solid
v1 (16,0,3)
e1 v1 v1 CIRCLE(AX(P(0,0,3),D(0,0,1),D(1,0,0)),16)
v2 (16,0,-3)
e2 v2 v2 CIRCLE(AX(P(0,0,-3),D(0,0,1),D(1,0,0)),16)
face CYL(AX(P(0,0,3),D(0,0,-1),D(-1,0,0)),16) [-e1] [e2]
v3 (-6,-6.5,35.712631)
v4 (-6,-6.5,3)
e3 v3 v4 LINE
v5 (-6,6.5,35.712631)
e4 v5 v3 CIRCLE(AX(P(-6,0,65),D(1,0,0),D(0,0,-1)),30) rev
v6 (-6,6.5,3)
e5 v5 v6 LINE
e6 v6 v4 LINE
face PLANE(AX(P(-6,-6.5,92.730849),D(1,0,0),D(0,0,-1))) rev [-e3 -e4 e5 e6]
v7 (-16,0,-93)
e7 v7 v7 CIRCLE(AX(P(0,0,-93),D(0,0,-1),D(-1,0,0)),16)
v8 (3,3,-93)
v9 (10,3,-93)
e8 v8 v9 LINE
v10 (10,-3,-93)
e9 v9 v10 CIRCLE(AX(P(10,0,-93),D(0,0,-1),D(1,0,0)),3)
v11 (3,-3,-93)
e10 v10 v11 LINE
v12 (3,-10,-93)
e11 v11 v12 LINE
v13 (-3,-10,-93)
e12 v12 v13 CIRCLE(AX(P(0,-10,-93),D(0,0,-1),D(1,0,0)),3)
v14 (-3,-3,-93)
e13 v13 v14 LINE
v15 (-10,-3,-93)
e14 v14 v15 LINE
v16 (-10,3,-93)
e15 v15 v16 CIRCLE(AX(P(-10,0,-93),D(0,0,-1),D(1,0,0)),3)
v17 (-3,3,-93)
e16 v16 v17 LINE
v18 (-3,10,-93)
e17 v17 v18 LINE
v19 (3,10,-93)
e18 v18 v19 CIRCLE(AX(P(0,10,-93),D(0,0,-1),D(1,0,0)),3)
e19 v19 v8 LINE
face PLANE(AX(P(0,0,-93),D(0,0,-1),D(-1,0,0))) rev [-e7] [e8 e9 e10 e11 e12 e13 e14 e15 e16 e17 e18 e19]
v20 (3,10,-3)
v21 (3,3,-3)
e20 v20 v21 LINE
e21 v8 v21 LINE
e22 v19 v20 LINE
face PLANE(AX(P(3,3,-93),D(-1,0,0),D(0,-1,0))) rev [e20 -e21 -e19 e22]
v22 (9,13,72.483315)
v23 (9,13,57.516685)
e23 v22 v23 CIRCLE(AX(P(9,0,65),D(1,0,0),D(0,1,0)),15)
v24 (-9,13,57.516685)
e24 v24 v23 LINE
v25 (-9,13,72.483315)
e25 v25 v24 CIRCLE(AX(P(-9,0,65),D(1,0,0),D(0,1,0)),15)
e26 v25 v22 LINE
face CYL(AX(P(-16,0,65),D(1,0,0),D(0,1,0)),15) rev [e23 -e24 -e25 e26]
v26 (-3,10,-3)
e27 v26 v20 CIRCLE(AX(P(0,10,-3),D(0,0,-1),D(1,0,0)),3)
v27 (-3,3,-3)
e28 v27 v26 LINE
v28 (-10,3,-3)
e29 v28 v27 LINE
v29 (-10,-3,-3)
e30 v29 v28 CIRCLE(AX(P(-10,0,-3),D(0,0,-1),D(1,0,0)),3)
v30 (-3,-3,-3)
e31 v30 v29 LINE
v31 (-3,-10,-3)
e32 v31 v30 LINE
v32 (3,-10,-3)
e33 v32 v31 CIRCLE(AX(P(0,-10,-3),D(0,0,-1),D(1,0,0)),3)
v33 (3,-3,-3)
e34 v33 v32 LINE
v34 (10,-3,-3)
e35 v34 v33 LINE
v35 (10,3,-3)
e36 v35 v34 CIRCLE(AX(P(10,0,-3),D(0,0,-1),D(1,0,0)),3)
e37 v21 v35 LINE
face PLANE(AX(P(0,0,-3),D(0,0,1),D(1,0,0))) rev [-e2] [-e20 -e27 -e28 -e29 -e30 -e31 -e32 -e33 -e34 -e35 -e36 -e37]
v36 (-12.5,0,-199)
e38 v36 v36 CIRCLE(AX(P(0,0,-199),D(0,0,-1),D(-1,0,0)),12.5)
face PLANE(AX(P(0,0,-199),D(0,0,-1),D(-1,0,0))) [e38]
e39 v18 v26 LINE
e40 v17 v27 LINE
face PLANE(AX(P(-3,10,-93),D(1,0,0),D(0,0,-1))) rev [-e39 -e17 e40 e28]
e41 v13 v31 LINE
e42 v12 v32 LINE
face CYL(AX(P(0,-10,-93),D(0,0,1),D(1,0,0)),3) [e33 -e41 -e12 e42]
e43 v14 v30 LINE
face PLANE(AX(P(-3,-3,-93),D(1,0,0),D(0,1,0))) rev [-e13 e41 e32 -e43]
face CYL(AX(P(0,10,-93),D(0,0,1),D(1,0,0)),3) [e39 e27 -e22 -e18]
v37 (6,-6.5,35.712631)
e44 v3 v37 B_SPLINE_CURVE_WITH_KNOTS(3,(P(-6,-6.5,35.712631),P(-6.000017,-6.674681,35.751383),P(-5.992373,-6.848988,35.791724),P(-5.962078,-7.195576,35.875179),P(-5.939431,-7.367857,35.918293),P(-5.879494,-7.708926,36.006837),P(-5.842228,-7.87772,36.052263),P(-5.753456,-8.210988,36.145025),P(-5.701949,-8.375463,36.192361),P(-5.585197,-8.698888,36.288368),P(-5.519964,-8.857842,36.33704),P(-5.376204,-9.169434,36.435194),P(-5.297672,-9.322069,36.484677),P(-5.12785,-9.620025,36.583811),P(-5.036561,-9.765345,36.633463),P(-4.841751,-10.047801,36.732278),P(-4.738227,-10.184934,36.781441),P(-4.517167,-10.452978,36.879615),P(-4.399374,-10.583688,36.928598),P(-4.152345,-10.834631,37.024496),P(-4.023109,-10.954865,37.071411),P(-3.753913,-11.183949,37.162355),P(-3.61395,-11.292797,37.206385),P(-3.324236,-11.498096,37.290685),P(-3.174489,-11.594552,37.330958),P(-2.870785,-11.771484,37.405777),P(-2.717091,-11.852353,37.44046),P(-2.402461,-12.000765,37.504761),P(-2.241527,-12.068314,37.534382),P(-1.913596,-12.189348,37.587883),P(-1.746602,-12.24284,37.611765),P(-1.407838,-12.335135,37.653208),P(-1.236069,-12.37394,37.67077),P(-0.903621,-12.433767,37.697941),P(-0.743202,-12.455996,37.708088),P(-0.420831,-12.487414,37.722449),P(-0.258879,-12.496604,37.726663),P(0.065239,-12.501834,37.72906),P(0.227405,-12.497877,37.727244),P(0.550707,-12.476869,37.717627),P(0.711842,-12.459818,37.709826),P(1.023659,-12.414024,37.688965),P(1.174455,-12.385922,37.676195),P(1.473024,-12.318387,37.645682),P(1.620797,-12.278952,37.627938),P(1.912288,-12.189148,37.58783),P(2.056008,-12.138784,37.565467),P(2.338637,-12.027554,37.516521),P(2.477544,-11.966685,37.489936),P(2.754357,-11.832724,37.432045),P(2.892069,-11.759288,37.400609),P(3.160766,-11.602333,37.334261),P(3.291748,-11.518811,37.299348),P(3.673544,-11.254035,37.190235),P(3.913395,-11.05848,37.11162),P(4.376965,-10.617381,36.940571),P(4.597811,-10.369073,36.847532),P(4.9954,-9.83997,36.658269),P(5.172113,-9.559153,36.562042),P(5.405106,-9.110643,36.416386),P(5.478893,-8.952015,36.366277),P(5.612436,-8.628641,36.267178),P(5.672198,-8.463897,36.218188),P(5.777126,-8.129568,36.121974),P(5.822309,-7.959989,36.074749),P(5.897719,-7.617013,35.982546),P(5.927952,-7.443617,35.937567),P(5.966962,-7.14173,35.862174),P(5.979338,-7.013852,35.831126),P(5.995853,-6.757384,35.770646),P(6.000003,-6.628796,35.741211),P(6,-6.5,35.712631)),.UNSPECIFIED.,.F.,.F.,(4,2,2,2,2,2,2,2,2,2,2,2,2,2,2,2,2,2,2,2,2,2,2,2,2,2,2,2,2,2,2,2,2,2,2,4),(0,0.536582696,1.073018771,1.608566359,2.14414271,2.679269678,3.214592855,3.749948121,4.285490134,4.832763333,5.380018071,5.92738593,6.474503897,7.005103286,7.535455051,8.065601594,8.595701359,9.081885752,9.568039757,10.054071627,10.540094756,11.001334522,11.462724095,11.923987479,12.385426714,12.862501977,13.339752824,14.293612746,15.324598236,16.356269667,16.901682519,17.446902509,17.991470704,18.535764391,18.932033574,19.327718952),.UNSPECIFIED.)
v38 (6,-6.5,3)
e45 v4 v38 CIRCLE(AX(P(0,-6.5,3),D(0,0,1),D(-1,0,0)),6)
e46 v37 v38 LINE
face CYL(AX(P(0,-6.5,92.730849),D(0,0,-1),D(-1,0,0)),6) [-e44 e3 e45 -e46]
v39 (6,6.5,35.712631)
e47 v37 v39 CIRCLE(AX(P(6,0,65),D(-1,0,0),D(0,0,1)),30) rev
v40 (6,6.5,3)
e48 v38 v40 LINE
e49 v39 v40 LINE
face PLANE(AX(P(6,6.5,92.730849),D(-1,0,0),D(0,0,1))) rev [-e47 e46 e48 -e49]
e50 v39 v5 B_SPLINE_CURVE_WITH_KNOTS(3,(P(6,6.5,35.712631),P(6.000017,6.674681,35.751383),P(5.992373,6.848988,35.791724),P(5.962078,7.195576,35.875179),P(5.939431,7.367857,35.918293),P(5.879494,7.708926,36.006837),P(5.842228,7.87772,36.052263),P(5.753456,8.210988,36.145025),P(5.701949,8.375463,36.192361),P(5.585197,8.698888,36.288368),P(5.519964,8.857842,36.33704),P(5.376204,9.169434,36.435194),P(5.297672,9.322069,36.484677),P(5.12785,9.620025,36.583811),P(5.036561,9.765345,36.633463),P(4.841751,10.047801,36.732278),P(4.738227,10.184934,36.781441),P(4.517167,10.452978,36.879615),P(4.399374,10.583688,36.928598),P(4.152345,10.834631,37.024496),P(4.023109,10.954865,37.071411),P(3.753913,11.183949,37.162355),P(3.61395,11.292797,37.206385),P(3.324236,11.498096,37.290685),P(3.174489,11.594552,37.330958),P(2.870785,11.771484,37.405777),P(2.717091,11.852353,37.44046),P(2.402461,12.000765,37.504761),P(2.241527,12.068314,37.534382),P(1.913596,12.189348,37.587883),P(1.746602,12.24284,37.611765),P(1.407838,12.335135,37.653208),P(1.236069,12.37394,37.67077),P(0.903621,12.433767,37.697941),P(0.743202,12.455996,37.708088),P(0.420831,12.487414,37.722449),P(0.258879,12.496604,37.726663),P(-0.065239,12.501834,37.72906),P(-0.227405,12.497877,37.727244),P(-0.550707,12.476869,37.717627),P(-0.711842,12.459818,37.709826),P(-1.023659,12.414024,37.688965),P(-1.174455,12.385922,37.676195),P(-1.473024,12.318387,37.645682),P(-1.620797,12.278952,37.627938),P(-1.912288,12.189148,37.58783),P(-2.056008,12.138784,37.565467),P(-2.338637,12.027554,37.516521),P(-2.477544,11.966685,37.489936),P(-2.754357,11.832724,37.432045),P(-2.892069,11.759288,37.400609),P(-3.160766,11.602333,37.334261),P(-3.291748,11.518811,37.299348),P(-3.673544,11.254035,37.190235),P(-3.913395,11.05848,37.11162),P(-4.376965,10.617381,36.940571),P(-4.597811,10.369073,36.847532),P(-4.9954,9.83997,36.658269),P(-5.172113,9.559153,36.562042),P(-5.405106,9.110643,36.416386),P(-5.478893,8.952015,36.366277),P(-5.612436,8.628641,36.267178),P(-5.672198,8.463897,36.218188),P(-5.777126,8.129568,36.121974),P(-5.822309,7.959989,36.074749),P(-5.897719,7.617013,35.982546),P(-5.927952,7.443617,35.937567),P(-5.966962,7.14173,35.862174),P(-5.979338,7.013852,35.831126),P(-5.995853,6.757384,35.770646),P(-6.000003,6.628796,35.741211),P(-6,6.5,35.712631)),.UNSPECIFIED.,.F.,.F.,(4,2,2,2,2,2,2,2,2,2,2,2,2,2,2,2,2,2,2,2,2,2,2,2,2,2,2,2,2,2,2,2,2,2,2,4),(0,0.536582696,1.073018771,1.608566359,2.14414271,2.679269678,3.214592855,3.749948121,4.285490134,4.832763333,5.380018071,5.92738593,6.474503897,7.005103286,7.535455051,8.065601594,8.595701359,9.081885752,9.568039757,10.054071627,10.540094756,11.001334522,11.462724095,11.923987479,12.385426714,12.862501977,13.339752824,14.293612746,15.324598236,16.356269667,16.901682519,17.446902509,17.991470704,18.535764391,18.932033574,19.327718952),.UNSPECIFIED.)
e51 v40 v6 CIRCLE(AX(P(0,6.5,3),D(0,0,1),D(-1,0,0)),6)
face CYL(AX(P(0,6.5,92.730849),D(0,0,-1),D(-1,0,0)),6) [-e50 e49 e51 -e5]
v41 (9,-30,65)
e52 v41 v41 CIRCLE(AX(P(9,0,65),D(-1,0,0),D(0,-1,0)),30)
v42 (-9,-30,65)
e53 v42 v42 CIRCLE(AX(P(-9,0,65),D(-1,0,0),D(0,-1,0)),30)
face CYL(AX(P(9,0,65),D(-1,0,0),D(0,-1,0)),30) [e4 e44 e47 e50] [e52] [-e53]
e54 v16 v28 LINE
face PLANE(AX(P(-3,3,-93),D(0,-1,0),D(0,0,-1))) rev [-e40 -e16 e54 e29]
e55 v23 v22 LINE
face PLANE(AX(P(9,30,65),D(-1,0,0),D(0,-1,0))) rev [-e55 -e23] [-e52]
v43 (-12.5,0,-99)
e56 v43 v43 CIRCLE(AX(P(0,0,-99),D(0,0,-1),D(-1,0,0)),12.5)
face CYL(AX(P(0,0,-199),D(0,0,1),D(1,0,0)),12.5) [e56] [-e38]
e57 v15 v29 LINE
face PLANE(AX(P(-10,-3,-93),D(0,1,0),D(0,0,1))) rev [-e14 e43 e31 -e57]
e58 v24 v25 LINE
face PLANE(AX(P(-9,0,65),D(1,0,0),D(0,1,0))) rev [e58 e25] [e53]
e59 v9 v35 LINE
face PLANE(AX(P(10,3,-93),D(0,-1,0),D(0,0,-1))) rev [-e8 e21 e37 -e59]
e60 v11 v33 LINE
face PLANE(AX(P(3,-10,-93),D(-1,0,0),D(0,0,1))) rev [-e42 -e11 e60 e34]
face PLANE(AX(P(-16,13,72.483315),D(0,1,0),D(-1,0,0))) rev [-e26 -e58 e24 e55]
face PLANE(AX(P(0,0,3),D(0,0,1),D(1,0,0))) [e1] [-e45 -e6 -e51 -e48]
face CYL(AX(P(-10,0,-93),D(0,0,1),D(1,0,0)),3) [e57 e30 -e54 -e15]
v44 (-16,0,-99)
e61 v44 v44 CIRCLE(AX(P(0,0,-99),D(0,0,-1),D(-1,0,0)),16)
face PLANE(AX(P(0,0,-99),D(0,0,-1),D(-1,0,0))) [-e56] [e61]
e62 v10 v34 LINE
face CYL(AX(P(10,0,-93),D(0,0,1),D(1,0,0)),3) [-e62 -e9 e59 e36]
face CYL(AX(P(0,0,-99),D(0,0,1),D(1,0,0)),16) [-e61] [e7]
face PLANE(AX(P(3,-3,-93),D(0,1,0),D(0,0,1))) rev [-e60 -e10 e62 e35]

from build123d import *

# Parameters (mm, degrees)
SKETCH1_R           = 16
BASE_EXTRUDE_DEPTH  = 3
EXTRUDE3_DEPTH      = 62
BOSS_EXTRUDE1_DEPTH = 90
SKETCH6_R           = 16
BOSS_EXTRUDE2_DEPTH = 6
SKETCH9_W           = 18
SKETCH9_H           = 30
CUT_EXTRUDE1_DEPTH  = 107.423681603
SKETCH7_R           = 12.5
EXTRUDE4_DEPTH      = 100


with BuildPart() as part:
    # Sketch1 → Base-Extrude (new, symmetric)
    with BuildSketch(Plane.XY):
        Circle(SKETCH1_R)
    extrude(amount=BASE_EXTRUDE_DEPTH, both=True)

    # Sketch2 → Extrude3 (add)
    with BuildSketch(Plane.XY.offset(3)):
        with BuildLine():
            Line((-6, -6.5), (-6, 6.5))
            ThreePointArc((-6, 6.5), (0, 12.5), (6, 6.5))
            Line((6, 6.5), (6, -6.5))
            ThreePointArc((6, -6.5), (0, -12.5), (-6, -6.5))
        make_face()
    extrude(amount=EXTRUDE3_DEPTH)

    # Sketch5 → Boss-Extrude1 (add)
    with BuildSketch(Plane(origin=(0, 0, -3), x_dir=(-1, 0, 0), z_dir=(0, 0, -1))):
        with BuildLine():
            Line((-3, 3), (-3, 10))
            ThreePointArc((-3, 10), (0, 13), (3, 10))
            Line((3, 10), (3, 3))
            Line((3, 3), (10, 3))
            ThreePointArc((10, 3), (13, 0), (10, -3))
            Line((10, -3), (3, -3))
            Line((3, -3), (3, -10))
            ThreePointArc((3, -10), (0, -13), (-3, -10))
            Line((-3, -10), (-3, -3))
            Line((-3, -3), (-10, -3))
            ThreePointArc((-10, -3), (-13, 0), (-10, 3))
            Line((-10, 3), (-3, 3))
        make_face()
    extrude(amount=BOSS_EXTRUDE1_DEPTH)

    # Sketch6 → Boss-Extrude2 (add)
    with BuildSketch(Plane(origin=(0, 0, -93), x_dir=(-1, 0, 0), z_dir=(0, 0, -1))):
        with Locations(Location((0, 0, 0), (0, 0, 180))):
            Circle(SKETCH6_R)
    extrude(amount=BOSS_EXTRUDE2_DEPTH)

    # Sketch9 → Boss-Revolve1 (revolve)
    with BuildSketch(Plane.XY.offset(65), mode=Mode.PRIVATE) as boss_revolve1_sk:
        with Locations((0, 15)):
            Rectangle(SKETCH9_W, SKETCH9_H)
    revolve(boss_revolve1_sk.sketch.rotate(Axis((9, 0, 65), (1, 0, 0)), 180), axis=Axis((9, 0, 65), (1, 0, 0)))

    # Sketch10 → Cut-Extrude1 (cut, through all)
    with BuildSketch(Plane(origin=(9, 0, 0), x_dir=(0, 0, -1), z_dir=(1, 0, 0))):
        with BuildLine():
            Line((-72.483314774, 13), (-57.516685226, 13))
            ThreePointArc((-57.516685226, 13), (-65, -15), (-72.483314774, 13))
        make_face()
    extrude(amount=-CUT_EXTRUDE1_DEPTH, mode=Mode.SUBTRACT)

    # Sketch7 → Extrude4 (add)
    with BuildSketch(Plane(origin=(0, 0, -99), x_dir=(-1, 0, 0), z_dir=(0, 0, -1))):
        Circle(SKETCH7_R)
    extrude(amount=EXTRUDE4_DEPTH)


solid = part.part
